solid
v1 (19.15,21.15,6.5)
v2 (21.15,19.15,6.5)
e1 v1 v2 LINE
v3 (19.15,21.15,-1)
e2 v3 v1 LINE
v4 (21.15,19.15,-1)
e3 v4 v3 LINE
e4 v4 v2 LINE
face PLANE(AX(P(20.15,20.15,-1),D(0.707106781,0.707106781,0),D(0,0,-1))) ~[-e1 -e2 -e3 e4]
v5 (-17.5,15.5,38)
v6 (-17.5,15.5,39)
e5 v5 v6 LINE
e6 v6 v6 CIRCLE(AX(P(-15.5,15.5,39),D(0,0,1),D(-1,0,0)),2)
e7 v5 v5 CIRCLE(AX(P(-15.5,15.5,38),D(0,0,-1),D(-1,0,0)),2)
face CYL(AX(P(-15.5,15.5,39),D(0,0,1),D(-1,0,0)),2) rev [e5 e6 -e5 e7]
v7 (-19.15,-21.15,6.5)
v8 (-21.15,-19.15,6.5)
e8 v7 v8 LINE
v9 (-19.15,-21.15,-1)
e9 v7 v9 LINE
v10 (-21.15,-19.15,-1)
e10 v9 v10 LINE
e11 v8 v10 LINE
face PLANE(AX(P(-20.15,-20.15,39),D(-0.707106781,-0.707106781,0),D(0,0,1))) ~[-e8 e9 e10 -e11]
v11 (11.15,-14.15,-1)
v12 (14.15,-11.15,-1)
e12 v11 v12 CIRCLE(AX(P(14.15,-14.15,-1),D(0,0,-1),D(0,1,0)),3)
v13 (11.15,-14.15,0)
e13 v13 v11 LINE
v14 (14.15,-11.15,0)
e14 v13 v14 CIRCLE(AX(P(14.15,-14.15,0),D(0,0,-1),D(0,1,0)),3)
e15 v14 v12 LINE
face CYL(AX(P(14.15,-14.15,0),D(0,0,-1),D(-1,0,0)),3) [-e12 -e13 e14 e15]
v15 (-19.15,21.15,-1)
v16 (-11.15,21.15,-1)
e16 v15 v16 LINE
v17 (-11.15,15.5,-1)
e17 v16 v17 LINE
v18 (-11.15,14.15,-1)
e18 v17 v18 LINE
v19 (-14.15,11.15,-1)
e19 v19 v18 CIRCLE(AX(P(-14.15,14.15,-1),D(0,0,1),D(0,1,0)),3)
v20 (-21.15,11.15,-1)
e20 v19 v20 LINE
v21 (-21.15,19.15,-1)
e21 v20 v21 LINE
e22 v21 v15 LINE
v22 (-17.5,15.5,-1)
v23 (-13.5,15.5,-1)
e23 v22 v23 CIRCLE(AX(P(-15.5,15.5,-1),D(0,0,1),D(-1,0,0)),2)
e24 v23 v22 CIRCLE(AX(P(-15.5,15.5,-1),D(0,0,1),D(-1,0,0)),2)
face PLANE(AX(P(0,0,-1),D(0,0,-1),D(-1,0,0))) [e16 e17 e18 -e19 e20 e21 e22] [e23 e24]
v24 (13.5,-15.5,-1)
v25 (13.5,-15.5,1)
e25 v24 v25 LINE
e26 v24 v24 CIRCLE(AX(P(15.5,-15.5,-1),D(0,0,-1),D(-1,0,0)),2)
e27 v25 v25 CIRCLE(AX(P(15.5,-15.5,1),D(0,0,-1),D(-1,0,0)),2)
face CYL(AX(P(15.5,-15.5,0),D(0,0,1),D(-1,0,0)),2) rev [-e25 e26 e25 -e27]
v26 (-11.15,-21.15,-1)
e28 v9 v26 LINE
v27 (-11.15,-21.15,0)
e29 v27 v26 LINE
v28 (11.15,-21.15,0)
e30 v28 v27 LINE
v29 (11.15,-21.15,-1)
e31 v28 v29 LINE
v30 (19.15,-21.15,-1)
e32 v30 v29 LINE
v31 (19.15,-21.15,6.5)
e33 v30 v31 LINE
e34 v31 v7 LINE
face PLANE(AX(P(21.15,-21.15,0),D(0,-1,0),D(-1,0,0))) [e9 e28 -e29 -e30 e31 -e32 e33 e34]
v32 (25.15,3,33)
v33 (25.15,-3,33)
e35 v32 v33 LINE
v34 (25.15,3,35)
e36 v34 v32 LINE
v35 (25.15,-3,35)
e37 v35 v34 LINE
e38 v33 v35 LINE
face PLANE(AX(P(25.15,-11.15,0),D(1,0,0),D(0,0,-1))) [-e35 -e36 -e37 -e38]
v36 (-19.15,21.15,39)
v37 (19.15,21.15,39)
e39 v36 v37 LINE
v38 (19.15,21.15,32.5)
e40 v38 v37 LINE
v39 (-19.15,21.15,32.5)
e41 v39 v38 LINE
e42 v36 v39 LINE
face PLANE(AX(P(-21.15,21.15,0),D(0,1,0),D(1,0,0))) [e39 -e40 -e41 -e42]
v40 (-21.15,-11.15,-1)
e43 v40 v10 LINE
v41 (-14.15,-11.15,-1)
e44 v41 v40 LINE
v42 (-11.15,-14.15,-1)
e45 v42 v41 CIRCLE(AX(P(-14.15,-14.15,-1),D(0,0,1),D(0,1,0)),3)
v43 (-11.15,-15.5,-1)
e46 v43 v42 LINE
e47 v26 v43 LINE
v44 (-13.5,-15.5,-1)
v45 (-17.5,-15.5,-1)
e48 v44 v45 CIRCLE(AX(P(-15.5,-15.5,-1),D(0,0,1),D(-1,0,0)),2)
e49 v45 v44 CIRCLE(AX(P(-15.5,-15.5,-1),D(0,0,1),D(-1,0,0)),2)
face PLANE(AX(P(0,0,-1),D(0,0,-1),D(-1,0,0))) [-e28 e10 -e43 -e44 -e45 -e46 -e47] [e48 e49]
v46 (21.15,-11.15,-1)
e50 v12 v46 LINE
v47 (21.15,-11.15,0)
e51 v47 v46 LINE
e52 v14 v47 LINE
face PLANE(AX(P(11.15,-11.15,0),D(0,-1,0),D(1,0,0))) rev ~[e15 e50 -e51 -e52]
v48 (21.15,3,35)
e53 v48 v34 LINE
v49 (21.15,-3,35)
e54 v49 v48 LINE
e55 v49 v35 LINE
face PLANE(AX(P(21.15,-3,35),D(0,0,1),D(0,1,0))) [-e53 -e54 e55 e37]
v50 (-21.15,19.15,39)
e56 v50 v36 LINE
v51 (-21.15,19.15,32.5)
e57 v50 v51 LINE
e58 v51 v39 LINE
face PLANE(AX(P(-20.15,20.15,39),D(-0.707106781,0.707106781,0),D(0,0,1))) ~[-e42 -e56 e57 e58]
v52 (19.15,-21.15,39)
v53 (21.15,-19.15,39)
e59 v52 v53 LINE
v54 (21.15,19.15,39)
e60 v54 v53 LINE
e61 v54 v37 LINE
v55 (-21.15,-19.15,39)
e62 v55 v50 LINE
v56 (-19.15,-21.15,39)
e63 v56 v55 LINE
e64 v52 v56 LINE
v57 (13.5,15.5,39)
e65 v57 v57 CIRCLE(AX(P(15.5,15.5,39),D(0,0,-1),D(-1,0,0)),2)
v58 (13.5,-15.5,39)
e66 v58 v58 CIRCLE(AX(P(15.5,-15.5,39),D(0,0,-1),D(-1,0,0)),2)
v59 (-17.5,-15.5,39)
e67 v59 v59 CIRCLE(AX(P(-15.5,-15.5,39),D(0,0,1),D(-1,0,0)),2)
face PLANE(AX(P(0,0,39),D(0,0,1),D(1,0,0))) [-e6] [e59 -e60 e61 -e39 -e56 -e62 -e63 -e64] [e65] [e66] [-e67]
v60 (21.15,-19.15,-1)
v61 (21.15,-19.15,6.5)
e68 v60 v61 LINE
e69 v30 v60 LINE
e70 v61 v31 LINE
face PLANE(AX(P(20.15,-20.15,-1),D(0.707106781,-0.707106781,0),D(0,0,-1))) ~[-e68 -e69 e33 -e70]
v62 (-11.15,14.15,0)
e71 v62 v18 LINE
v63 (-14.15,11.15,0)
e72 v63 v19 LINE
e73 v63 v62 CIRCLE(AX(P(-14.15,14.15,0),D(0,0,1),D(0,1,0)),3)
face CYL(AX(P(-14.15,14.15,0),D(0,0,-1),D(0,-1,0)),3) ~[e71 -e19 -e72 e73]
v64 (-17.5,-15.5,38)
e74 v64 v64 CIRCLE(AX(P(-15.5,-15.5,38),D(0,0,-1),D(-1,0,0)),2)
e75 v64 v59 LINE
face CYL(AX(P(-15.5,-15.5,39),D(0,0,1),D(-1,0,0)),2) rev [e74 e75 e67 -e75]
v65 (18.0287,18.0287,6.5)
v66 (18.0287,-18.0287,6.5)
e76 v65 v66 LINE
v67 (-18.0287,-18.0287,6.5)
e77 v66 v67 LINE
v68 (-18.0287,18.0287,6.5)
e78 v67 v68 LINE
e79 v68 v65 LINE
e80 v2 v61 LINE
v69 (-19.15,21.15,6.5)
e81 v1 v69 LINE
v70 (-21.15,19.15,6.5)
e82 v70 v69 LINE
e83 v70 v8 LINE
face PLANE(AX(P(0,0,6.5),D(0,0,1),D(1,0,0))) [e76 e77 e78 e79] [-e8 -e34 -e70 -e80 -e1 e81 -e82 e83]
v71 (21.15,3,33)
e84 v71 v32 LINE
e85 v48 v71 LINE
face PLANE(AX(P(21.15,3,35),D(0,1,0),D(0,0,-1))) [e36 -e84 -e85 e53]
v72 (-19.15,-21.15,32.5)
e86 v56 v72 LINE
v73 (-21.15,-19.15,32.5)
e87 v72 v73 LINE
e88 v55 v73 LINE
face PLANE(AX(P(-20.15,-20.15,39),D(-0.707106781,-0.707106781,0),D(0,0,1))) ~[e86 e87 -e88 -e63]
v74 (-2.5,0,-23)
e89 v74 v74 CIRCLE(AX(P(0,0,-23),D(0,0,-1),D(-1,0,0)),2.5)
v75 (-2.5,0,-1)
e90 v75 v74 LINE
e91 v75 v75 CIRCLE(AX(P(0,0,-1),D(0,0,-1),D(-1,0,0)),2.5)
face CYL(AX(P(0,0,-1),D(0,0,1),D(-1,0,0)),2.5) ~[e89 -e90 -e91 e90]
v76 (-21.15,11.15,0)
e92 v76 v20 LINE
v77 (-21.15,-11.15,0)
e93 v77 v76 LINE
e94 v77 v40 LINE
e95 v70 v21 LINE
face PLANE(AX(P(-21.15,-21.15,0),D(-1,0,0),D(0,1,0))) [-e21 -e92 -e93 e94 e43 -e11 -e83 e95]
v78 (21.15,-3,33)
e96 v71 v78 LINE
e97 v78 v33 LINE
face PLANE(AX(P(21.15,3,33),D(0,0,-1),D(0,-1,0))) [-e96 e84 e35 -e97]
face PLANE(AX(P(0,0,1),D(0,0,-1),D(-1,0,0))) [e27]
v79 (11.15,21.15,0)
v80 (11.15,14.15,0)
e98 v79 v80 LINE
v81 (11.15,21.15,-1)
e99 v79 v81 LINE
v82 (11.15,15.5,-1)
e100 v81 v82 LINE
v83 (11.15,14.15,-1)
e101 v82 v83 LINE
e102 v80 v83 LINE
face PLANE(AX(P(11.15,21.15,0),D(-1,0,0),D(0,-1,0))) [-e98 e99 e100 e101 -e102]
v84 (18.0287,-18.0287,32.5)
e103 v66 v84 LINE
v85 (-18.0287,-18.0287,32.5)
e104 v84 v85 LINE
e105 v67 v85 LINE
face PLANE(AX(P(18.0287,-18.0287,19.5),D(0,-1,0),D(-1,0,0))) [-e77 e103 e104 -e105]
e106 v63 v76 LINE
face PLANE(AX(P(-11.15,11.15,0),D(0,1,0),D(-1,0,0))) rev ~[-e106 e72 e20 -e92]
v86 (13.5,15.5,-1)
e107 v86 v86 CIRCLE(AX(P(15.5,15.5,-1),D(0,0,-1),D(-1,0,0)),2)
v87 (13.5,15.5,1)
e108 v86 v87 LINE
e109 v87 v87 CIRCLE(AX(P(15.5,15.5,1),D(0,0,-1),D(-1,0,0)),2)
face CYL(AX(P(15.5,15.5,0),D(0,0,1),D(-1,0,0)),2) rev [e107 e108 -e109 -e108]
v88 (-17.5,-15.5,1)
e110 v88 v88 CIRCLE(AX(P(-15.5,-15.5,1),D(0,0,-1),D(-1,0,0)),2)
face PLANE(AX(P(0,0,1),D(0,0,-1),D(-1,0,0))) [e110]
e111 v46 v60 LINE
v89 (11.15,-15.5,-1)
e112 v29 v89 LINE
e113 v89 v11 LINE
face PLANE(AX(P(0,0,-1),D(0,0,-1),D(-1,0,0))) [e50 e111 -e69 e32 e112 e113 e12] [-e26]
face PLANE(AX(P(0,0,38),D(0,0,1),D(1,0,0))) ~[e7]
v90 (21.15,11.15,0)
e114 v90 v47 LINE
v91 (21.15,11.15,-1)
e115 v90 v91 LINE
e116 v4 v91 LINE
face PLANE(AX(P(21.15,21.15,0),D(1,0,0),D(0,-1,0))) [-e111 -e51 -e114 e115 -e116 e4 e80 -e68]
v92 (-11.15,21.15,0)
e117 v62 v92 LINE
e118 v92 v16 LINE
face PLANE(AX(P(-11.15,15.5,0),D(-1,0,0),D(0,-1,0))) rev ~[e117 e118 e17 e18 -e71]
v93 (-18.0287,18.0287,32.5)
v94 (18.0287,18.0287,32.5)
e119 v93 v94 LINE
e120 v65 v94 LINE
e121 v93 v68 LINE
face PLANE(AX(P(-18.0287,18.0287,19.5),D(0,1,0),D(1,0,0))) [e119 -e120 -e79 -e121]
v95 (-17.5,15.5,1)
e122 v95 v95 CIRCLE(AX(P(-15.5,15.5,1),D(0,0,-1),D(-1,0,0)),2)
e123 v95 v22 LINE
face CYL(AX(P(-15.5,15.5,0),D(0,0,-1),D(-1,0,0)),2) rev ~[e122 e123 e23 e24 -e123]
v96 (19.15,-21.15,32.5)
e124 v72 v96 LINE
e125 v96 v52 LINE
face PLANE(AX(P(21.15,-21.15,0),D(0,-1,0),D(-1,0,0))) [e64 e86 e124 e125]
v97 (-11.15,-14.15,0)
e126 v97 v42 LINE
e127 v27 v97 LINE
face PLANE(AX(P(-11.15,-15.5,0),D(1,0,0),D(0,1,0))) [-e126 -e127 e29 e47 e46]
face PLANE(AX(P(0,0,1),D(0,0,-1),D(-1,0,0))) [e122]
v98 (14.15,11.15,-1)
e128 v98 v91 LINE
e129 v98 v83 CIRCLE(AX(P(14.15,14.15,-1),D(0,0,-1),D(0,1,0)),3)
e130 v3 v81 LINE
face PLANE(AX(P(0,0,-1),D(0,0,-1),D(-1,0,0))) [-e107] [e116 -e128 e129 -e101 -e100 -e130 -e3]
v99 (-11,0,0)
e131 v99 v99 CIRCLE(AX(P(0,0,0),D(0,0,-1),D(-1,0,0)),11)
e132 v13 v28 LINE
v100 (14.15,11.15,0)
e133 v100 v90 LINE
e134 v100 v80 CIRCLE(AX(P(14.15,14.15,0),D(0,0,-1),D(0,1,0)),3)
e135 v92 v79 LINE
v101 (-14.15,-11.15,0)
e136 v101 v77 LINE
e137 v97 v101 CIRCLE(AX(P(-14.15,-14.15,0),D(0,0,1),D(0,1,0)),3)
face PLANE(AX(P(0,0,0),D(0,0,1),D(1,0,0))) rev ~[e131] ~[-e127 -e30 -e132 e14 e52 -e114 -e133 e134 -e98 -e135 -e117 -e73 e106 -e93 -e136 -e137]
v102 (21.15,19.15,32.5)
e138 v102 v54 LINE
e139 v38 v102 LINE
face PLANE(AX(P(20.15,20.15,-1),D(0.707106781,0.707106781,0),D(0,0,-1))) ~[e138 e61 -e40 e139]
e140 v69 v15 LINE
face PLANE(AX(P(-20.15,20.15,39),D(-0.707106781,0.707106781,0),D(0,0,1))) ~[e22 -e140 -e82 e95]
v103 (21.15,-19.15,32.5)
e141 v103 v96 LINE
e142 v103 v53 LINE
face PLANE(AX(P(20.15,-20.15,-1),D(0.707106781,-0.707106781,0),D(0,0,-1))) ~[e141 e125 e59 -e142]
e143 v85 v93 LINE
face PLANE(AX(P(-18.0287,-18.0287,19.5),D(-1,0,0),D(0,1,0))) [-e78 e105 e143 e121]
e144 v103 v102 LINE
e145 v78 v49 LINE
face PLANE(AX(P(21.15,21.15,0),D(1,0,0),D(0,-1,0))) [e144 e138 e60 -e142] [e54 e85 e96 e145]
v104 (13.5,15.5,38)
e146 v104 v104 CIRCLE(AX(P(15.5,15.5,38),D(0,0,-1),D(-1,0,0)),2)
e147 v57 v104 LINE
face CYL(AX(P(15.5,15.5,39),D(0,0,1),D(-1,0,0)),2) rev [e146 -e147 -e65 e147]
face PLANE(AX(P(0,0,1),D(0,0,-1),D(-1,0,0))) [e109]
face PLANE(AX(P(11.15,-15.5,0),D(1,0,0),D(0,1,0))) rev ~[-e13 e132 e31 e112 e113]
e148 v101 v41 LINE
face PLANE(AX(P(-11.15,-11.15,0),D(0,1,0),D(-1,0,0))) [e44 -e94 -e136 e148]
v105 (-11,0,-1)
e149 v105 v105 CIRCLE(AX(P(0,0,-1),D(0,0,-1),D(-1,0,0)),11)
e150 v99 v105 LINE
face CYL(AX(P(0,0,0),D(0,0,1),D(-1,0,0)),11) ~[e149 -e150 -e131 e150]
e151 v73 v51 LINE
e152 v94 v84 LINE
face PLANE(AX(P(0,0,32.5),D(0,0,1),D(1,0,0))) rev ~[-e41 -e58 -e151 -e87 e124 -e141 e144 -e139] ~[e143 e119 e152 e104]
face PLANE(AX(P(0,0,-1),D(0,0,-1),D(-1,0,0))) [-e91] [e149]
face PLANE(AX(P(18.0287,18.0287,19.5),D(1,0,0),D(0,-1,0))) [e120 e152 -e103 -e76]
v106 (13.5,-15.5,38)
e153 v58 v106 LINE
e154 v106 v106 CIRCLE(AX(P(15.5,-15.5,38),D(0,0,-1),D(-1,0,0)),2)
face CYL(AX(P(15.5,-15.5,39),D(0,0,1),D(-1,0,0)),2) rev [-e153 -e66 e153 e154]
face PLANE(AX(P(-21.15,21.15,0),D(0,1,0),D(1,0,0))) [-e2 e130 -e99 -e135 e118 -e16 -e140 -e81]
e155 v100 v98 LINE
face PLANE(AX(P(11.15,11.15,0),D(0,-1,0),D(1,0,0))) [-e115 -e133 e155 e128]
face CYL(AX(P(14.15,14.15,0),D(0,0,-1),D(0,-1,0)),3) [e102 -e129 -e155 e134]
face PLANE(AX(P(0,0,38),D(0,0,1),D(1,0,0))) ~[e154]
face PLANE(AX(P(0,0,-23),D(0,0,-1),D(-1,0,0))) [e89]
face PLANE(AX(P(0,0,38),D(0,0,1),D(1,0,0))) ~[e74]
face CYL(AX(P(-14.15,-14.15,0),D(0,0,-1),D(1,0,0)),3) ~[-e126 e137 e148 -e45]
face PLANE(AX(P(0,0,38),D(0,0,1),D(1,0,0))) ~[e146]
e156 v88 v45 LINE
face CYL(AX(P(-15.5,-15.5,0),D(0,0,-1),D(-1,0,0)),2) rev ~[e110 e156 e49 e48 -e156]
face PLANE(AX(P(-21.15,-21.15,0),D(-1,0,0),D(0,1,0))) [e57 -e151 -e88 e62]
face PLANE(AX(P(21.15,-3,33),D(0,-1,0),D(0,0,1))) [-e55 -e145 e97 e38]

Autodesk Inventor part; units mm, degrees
ref_plane "YZ Plane" through (0, 0, 0) normal (1, 0, 0) x (0, 1, 0)
ref_plane "XZ Plane" through (0, 0, 0) normal (0, 1, 0) x (-1, 0, 0)
sketch "Sketch1" plane through (0, 0, 0) normal (0, 0, 1) x (1, 0, 0)
  line L0 (0, 0) -> (0, 3.4207)
  line L1 (0, 0) -> (9.2929, 0)
  line L2 (21.15, -21.15) -> (-21.15, -21.15)
  line L3 (-21.15, -21.15) -> (-21.15, 21.15)
  line L4 (-21.15, 21.15) -> (21.15, 21.15)
  line L5 (21.15, 21.15) -> (21.15, -21.15)
  point P0 (0, 21.15)
  point P1 (21.15, 0)
  dimension "d0" = 42.3
  dimension "d1" = 42.3
extrude "Extrusion1" add sketch "Sketch1" along normal blind 39
sketch "Sketch2" plane through (0, 0, 0) normal (0, 0, -1) x (-1, 0, 0)
  line L0 (-21.15, 21.15) -> (-21.15, -21.15) projected
  circle A0 centre (-15.5, 15.5) radius 2
  circle A1 centre (15.5, 15.5) radius 2
  line L1 (-15.5, 15.5) -> (15.5, 15.5)
  line L2 (0, 0) -> (0, 5.3355)
  line L3 (0, 0) -> (5.467, 0)
  circle A2 centre (-15.5, -15.5) radius 2
  circle A3 centre (15.5, -15.5) radius 2
  line L4 (-15.5, -15.5) -> (15.5, -15.5)
  line L5 (-21.15, 21.15) -> (-11.15, 21.15)
  line L6 (-11.15, 21.15) -> (-11.15, 11.15)
  line L7 (-11.15, 11.15) -> (-21.15, 11.15)
  line L8 (-21.15, 11.15) -> (-21.15, 21.15)
  line L9 (21.15, 21.15) -> (11.15, 21.15)
  line L10 (11.15, 21.15) -> (11.15, 11.15)
  line L11 (11.15, 11.15) -> (21.15, 11.15)
  line L12 (21.15, 11.15) -> (21.15, 21.15)
  line L13 (21.15, -21.15) -> (11.15, -21.15)
  line L14 (11.15, -21.15) -> (11.15, -11.15)
  line L15 (11.15, -11.15) -> (21.15, -11.15)
  line L16 (21.15, -11.15) -> (21.15, -21.15)
  line L17 (-21.15, -21.15) -> (-11.15, -21.15)
  line L18 (-11.15, -21.15) -> (-11.15, -11.15)
  line L19 (-11.15, -11.15) -> (-21.15, -11.15)
  line L20 (-21.15, -11.15) -> (-21.15, -21.15)
  circle A4 centre (0, 0) radius 11
  point P0 (0, 15.5)
  point P1 (0, -15.5)
  dimension "d4" = 4
  dimension "d5" = 4
  dimension "d6" = 31
  dimension "d7" = 31
  dimension "d8" = 10
  dimension "d9" = 10
  dimension "d10" = 10
  dimension "d11" = 10
  dimension "d12" = 10
  dimension "d13" = 10
  dimension "d14" = 10
  dimension "d15" = 10
  dimension "d20" = 22
extrude "Extrusion2" add sketch "Sketch2" along normal blind 1 contours A0 | L5 L6 L7 L0 | A1 | L10 L9 L12 L11 | A3 | L14 L15 L16 L13 | A2 | L19 L18 L17 L0
extrude "Extrusion3" cut sketch "Sketch2" along normal mid plane 2 contours A0 | A1 | A3 | A2
extrude "Extrusion4" add sketch "Sketch2" along normal blind 1 contours A4
fillet "Fillet1" radius 3 4 edges at (11.15, 11.15, -0.5) (11.15, -11.15, -0.5) (-11.15, -11.15, -0.5) (-11.15, 11.15, -0.5)
chamfer "Chamfer1" distance 2 angle 45 4 edges at (21.15, -21.15, 19) (-21.15, -21.15, 19) (-21.15, 21.15, 19) (21.15, 21.15, 19)
sketch "Sketch3" plane through (0, 0, -1) normal (0, 0, -1) x (-1, 0, 0)
  circle A0 centre (0, 0) radius 11 projected
  circle A1 centre (0, 0) radius 2.5
  dimension "d27" = 5
extrude "Extrusion5" add sketch "Sketch3" along normal blind 22 contours A1
ref_plane "Work Plane1" through (0, 0, 19.5) normal (0, 0, 1) x (1, 0, 0)
mirror "Mirror1" about plane through (0, 0, 19.5) normal (0, 0, 1) of "Extrusion3"
sketch "Sketch4" plane through (21.15, -11.15, 0) normal (1, 0, 0) x (0, 0, -1)
  line L0 (-39, -8) -> (-39, 30.3) projected
  line L1 (-35, 14.15) -> (-33, 14.15)
  line L2 (-33, 14.15) -> (-33, 8.15)
  line L3 (-33, 8.15) -> (-35, 8.15)
  line L4 (-35, 8.15) -> (-35, 14.15)
  line L5 (-39, 11.15) -> (-36.6866, 11.15)
  point P0 (0, 11.15)
  point P1 (-35, 11.15)
  dimension "d31" = 2
  dimension "d32" = 6
  dimension "d33" = 4
extrude "Extrusion6" add sketch "Sketch4" along normal blind 4
sketch "Sketch6" plane through (0, 0, 19.5) normal (0, 0, 1) x (1, 0, 0)
  line L0 (-21.15, 19.15) -> (-19.15, 21.15) projected
  line L1 (-19.15, 21.15) -> (19.15, 21.15) projected
  line L2 (19.15, 21.15) -> (21.15, 19.15) projected
  line L3 (21.15, 19.15) -> (21.15, -19.15) projected
  line L4 (21.15, -19.15) -> (19.15, -21.15) projected
  line L5 (19.15, -21.15) -> (-19.15, -21.15) projected
  line L6 (-19.15, -21.15) -> (-21.15, -19.15) projected
  line L7 (-21.15, -19.15) -> (-21.15, 19.15) projected
  line L8 (-17.7379, 17.7408) -> (-17.7408, 17.7379)
  line L9 (-17.7408, -17.7379) -> (-17.7379, -17.7408)
  line L10 (17.7379, -17.7408) -> (17.7408, -17.7379)
  line L11 (17.7408, 17.7379) -> (17.7379, 17.7408)
  line L12 (-21.15, 14.9074) -> (-14.9074, 21.15)
  line L13 (-18.0287, 18.0287) -> (18.0287, 18.0287)
  line L14 (18.0287, 18.0287) -> (18.0287, -18.0287)
  line L15 (18.0287, -18.0287) -> (-18.0287, -18.0287)
  line L16 (-18.0287, -18.0287) -> (-18.0287, 18.0287)
  line L17 (-21.15, 14.9074) -> (-21.15, 19.15)
  line L18 (-19.15, 21.15) -> (-21.15, 19.15)
  line L19 (-19.15, 21.15) -> (-14.9074, 21.15)
  line L20 (-14.9074, -21.15) -> (-21.15, -14.9074)
  line L21 (-14.9074, -21.15) -> (-19.15, -21.15)
  line L22 (-21.15, -19.15) -> (-19.15, -21.15)
  line L23 (-21.15, -19.15) -> (-21.15, -14.9074)
  line L24 (21.15, -14.9074) -> (14.9074, -21.15)
  line L25 (21.15, -14.9074) -> (21.15, -19.15)
  line L26 (19.15, -21.15) -> (21.15, -19.15)
  line L27 (19.15, -21.15) -> (14.9074, -21.15)
  line L28 (14.9074, 21.15) -> (21.15, 14.9074)
  line L29 (14.9074, 21.15) -> (19.15, 21.15)
  line L30 (21.15, 19.15) -> (19.15, 21.15)
  line L31 (21.15, 19.15) -> (21.15, 14.9074)
  line L32 (-21.15, 14.9074) -> (-21.15, -14.9074)
  line L33 (-14.9074, -21.15) -> (14.9074, -21.15)
  line L34 (21.15, -14.9074) -> (21.15, 14.9074)
  line L35 (14.9074, 21.15) -> (-14.9074, 21.15)
  point P0 (0, 0)
  point P1 (18.0287, -18.0287)
  dimension "d43" = 3
  dimension "d46" = 360
extrude "Extrusion8" cut sketch "Sketch6" along normal mid plane 26 contours L0 L1 L12 L7 | L12 L16 L20 L7 | L1 L28 L13 L12 | L20 L5 L6 L7 | L1 L2 L3 L28 | L15 L24 L5 L20 | L28 L3 L24 L14 | L24 L3 L4 L5
properties part number "Stepper Motor NEMA 17" material "Rubber"
